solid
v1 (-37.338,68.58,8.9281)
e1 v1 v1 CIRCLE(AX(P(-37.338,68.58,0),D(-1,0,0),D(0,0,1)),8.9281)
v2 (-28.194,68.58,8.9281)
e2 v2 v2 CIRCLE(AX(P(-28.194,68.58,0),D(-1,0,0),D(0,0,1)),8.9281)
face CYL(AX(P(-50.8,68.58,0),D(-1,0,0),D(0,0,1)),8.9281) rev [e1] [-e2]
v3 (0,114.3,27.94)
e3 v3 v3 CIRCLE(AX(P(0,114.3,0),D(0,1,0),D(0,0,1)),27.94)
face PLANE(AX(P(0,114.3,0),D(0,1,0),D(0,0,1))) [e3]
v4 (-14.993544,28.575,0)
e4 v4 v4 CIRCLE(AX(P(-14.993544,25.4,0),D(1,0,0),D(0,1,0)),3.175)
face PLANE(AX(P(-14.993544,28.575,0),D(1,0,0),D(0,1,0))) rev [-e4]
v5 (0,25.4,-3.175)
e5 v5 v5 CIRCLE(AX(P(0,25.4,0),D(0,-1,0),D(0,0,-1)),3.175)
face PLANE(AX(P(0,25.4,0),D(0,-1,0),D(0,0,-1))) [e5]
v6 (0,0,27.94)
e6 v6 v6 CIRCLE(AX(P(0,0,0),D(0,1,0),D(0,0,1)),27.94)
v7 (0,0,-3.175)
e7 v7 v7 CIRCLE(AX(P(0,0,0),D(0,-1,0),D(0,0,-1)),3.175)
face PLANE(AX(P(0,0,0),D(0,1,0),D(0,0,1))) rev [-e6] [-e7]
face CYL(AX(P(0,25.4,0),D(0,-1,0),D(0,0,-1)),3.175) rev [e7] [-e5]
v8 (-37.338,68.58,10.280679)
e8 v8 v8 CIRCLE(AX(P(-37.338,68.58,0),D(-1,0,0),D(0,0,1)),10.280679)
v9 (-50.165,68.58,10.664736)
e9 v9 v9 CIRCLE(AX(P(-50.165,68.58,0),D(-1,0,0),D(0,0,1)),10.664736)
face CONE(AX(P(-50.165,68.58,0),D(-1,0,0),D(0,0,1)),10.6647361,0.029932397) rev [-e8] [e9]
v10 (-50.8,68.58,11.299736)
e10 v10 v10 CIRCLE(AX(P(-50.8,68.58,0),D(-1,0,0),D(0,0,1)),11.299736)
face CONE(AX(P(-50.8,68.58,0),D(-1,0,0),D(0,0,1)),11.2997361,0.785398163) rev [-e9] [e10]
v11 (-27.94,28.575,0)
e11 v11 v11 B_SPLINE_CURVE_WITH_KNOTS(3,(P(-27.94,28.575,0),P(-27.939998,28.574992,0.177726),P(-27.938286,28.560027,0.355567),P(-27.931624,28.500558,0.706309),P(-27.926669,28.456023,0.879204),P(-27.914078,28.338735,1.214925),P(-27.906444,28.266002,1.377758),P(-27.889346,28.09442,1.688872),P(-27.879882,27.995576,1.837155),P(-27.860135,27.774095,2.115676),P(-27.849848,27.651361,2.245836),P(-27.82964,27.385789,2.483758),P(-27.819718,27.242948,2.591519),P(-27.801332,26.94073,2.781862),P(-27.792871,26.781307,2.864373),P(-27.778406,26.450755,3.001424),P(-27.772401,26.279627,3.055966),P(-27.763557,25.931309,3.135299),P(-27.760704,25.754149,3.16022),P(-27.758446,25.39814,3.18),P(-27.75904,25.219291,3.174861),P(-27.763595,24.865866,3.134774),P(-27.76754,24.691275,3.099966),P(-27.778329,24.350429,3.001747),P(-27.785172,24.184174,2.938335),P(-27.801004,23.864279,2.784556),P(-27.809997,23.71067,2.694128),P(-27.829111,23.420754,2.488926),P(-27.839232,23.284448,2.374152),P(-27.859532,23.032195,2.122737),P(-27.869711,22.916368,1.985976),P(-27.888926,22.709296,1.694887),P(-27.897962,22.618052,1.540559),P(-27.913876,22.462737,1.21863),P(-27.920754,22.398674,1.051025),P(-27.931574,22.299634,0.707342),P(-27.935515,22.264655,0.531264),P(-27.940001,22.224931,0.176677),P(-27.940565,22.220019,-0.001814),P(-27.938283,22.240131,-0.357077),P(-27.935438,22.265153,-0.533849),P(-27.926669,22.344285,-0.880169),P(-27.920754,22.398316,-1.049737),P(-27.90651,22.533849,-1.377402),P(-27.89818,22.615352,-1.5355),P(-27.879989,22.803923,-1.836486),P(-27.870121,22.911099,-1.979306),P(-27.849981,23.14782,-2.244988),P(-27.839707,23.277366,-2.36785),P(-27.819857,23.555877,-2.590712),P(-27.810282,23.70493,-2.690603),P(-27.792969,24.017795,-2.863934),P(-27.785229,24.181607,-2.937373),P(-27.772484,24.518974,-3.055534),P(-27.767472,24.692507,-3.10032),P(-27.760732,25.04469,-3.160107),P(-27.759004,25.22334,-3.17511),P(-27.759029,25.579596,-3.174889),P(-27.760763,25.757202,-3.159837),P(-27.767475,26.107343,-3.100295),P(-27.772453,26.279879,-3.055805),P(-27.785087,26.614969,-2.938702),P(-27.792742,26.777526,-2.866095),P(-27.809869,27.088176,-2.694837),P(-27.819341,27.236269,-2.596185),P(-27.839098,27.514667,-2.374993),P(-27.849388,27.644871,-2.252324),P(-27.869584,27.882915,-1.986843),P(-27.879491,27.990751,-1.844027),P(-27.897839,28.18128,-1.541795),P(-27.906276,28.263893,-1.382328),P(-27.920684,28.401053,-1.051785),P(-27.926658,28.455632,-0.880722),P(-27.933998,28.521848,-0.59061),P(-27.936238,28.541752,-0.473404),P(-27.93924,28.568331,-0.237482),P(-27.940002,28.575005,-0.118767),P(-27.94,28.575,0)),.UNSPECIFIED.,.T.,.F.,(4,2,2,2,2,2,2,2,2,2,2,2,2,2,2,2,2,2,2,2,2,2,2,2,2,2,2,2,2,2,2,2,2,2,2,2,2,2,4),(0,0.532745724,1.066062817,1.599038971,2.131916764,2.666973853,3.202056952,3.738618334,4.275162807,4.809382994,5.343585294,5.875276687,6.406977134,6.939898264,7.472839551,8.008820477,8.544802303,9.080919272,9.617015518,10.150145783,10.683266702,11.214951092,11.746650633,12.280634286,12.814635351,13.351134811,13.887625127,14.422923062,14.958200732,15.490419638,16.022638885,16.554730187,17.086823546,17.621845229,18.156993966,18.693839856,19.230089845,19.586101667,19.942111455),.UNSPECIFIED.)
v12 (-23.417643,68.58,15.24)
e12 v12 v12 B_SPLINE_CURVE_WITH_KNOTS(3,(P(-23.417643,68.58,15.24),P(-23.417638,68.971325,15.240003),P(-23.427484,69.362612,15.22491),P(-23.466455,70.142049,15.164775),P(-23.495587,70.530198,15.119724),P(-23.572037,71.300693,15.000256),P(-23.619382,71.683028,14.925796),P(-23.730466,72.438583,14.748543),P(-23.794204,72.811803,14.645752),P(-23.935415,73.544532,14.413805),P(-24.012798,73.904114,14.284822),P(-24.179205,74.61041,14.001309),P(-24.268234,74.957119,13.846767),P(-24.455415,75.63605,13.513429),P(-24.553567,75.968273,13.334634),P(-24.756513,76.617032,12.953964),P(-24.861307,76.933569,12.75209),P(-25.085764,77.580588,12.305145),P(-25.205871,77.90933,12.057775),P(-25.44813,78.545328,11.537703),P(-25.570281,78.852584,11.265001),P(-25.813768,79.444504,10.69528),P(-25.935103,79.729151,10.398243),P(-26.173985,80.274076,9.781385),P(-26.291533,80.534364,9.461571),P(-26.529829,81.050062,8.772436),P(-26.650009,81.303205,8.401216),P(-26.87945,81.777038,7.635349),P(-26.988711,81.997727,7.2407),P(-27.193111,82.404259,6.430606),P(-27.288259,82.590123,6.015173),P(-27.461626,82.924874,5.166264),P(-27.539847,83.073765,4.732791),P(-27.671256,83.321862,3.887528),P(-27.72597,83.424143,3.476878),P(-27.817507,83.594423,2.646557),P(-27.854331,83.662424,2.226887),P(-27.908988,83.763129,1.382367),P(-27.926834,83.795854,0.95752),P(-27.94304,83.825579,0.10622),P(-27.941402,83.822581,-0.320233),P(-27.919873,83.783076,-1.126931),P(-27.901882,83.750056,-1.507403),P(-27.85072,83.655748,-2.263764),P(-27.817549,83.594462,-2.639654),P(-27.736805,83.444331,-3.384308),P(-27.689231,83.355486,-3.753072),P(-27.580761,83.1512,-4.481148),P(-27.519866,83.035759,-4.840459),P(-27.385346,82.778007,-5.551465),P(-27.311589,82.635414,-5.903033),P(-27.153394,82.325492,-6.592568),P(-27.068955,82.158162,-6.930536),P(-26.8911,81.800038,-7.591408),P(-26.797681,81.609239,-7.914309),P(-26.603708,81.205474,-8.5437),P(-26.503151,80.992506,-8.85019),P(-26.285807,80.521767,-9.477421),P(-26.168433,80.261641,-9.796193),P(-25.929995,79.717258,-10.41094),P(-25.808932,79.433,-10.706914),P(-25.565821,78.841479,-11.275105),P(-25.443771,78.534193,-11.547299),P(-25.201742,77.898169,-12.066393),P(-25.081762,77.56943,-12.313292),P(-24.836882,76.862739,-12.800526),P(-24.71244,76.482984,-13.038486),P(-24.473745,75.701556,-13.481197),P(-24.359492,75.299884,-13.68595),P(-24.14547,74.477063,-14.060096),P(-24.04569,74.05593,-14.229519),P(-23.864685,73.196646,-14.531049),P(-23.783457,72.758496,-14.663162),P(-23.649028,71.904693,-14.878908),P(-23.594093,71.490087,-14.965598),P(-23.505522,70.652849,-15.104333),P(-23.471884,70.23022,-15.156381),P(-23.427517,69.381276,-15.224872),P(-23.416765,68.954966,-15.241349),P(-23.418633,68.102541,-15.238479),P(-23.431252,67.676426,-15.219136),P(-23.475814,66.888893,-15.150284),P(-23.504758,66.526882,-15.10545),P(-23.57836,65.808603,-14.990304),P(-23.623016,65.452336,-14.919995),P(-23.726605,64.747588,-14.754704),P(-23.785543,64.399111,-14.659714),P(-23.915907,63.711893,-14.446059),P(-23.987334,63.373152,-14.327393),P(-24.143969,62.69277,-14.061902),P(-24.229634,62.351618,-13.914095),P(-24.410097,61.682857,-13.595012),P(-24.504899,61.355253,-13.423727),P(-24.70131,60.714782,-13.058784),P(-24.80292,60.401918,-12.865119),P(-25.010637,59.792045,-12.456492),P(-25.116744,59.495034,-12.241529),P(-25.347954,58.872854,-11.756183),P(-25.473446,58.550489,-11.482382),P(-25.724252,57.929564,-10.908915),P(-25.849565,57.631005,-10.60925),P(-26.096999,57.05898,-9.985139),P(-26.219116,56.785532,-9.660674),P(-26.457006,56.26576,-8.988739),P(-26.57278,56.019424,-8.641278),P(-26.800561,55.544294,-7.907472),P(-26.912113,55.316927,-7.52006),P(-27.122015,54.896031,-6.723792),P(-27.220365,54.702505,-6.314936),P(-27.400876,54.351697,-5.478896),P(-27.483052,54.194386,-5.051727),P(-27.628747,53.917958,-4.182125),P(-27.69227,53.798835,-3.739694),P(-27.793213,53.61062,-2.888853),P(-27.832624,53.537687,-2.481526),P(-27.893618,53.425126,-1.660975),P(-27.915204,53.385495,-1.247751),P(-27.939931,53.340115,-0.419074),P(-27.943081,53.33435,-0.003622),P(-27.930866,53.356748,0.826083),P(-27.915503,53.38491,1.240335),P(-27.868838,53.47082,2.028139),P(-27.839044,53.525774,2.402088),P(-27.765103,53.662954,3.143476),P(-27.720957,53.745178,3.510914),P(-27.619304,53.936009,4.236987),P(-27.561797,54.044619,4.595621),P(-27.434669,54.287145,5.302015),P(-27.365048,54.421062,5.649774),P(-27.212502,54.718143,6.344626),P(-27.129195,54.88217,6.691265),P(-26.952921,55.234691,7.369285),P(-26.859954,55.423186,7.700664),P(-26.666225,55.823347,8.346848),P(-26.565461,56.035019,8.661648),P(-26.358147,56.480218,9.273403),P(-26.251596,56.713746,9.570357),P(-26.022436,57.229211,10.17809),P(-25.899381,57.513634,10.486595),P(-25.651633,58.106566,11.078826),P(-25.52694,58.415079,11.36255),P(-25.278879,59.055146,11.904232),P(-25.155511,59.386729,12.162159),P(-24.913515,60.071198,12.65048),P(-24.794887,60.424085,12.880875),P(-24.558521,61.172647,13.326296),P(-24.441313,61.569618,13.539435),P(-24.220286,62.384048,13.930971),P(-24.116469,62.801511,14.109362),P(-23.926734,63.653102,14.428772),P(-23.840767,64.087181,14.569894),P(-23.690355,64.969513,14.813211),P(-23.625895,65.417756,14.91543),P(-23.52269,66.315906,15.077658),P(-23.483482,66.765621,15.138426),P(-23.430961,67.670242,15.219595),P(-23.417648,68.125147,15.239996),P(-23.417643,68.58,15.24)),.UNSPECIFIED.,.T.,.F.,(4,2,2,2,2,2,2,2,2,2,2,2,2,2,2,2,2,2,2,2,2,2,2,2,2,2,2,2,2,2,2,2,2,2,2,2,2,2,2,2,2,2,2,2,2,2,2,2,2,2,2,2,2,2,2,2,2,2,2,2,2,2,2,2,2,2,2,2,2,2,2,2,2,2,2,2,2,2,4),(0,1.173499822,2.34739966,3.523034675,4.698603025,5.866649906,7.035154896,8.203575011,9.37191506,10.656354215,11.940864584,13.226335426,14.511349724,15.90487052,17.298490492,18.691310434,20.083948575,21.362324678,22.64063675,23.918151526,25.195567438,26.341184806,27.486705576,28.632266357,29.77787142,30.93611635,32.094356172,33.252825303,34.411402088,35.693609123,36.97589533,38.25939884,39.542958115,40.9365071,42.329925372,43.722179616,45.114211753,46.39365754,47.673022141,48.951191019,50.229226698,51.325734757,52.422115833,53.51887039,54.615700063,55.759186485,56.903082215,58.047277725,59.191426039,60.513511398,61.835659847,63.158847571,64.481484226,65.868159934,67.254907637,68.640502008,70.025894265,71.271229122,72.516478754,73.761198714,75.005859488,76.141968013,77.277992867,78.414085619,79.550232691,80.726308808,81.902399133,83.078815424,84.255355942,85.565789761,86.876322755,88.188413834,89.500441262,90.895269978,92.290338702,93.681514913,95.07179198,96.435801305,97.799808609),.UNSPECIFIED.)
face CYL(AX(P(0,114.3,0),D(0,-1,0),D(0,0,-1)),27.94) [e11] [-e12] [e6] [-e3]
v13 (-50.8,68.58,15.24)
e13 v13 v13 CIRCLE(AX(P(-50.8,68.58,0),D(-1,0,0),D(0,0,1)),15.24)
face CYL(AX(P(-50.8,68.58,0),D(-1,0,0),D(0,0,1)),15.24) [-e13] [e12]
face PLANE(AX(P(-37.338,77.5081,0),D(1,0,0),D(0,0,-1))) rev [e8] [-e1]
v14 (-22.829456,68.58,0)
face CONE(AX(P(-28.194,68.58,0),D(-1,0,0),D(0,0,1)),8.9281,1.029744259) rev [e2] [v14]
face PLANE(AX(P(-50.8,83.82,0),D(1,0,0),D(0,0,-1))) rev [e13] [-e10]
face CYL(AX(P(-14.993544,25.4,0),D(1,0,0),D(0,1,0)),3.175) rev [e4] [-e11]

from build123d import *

# Parameters (mm, degrees)
SKETCH1_R           = 27.94
BOSS_EXTRUDE1_DEPTH = 114.3
SKETCH2_W           = 28.65102891
SKETCH2_H           = 3.175
SKETCH3_R           = 3.175
OUTLET_DEPTH        = 25.4
SKETCH4_W           = 50.8
SKETCH4_H           = 15.24


with BuildPart() as part:
    # Sketch1 → Boss-Extrude1 (new body)
    with BuildSketch(Plane(origin=(0, 0, 0), x_dir=(1, 0, 0), z_dir=(0, 1, 0))):
        with Locations(Location((0, 0, 0), (0, 0, 270))):
            Circle(SKETCH1_R)
    extrude(amount=BOSS_EXTRUDE1_DEPTH)

    # Sketch2 → inlet (revolve, cut)
    with BuildSketch(Plane.XY):
        with Locations((-29.319058082, 26.9875)):
            Rectangle(SKETCH2_W, SKETCH2_H)
    revolve(axis=Axis((-14.993543627, 25.4, 0), (-1, 0, 0)), mode=Mode.SUBTRACT)

    # Sketch3 → outlet (cut)
    with BuildSketch(Plane.XZ):
        with Locations(Location((0, 0, 0), (0, 0, 270))):
            Circle(SKETCH3_R)
    extrude(amount=-OUTLET_DEPTH, mode=Mode.SUBTRACT)

    # Sketch4 → Revolve1 (revolve)
    with BuildSketch(Plane.XY, mode=Mode.PRIVATE) as revolve1_sk:
        with Locations((-25.4, 76.2)):
            Rectangle(SKETCH4_W, SKETCH4_H)
    revolve(revolve1_sk.sketch.rotate(Axis((-50.8, 68.58, 0), (1, 0, 0)), 90), axis=Axis((-50.8, 68.58, 0), (1, 0, 0)))

    # Sketch6 → 1/2 NPT Tapped Hole1 (revolve, cut)
    with BuildSketch(Plane(origin=(-50.8, 68.58, 0), x_dir=(0, 0, 1), z_dir=(0, 1, 0))):
        Polygon((0, 0), (0, 27.970543693), (8.9281, 22.606), (8.9281, 13.462), (10.280678542, 13.462), (10.6647361, 0.635), (11.2997361, 0), align=None)
    revolve(axis=Axis((-57.15, 68.58, 0), (1, 0, 0)), mode=Mode.SUBTRACT)


solid = part.part
